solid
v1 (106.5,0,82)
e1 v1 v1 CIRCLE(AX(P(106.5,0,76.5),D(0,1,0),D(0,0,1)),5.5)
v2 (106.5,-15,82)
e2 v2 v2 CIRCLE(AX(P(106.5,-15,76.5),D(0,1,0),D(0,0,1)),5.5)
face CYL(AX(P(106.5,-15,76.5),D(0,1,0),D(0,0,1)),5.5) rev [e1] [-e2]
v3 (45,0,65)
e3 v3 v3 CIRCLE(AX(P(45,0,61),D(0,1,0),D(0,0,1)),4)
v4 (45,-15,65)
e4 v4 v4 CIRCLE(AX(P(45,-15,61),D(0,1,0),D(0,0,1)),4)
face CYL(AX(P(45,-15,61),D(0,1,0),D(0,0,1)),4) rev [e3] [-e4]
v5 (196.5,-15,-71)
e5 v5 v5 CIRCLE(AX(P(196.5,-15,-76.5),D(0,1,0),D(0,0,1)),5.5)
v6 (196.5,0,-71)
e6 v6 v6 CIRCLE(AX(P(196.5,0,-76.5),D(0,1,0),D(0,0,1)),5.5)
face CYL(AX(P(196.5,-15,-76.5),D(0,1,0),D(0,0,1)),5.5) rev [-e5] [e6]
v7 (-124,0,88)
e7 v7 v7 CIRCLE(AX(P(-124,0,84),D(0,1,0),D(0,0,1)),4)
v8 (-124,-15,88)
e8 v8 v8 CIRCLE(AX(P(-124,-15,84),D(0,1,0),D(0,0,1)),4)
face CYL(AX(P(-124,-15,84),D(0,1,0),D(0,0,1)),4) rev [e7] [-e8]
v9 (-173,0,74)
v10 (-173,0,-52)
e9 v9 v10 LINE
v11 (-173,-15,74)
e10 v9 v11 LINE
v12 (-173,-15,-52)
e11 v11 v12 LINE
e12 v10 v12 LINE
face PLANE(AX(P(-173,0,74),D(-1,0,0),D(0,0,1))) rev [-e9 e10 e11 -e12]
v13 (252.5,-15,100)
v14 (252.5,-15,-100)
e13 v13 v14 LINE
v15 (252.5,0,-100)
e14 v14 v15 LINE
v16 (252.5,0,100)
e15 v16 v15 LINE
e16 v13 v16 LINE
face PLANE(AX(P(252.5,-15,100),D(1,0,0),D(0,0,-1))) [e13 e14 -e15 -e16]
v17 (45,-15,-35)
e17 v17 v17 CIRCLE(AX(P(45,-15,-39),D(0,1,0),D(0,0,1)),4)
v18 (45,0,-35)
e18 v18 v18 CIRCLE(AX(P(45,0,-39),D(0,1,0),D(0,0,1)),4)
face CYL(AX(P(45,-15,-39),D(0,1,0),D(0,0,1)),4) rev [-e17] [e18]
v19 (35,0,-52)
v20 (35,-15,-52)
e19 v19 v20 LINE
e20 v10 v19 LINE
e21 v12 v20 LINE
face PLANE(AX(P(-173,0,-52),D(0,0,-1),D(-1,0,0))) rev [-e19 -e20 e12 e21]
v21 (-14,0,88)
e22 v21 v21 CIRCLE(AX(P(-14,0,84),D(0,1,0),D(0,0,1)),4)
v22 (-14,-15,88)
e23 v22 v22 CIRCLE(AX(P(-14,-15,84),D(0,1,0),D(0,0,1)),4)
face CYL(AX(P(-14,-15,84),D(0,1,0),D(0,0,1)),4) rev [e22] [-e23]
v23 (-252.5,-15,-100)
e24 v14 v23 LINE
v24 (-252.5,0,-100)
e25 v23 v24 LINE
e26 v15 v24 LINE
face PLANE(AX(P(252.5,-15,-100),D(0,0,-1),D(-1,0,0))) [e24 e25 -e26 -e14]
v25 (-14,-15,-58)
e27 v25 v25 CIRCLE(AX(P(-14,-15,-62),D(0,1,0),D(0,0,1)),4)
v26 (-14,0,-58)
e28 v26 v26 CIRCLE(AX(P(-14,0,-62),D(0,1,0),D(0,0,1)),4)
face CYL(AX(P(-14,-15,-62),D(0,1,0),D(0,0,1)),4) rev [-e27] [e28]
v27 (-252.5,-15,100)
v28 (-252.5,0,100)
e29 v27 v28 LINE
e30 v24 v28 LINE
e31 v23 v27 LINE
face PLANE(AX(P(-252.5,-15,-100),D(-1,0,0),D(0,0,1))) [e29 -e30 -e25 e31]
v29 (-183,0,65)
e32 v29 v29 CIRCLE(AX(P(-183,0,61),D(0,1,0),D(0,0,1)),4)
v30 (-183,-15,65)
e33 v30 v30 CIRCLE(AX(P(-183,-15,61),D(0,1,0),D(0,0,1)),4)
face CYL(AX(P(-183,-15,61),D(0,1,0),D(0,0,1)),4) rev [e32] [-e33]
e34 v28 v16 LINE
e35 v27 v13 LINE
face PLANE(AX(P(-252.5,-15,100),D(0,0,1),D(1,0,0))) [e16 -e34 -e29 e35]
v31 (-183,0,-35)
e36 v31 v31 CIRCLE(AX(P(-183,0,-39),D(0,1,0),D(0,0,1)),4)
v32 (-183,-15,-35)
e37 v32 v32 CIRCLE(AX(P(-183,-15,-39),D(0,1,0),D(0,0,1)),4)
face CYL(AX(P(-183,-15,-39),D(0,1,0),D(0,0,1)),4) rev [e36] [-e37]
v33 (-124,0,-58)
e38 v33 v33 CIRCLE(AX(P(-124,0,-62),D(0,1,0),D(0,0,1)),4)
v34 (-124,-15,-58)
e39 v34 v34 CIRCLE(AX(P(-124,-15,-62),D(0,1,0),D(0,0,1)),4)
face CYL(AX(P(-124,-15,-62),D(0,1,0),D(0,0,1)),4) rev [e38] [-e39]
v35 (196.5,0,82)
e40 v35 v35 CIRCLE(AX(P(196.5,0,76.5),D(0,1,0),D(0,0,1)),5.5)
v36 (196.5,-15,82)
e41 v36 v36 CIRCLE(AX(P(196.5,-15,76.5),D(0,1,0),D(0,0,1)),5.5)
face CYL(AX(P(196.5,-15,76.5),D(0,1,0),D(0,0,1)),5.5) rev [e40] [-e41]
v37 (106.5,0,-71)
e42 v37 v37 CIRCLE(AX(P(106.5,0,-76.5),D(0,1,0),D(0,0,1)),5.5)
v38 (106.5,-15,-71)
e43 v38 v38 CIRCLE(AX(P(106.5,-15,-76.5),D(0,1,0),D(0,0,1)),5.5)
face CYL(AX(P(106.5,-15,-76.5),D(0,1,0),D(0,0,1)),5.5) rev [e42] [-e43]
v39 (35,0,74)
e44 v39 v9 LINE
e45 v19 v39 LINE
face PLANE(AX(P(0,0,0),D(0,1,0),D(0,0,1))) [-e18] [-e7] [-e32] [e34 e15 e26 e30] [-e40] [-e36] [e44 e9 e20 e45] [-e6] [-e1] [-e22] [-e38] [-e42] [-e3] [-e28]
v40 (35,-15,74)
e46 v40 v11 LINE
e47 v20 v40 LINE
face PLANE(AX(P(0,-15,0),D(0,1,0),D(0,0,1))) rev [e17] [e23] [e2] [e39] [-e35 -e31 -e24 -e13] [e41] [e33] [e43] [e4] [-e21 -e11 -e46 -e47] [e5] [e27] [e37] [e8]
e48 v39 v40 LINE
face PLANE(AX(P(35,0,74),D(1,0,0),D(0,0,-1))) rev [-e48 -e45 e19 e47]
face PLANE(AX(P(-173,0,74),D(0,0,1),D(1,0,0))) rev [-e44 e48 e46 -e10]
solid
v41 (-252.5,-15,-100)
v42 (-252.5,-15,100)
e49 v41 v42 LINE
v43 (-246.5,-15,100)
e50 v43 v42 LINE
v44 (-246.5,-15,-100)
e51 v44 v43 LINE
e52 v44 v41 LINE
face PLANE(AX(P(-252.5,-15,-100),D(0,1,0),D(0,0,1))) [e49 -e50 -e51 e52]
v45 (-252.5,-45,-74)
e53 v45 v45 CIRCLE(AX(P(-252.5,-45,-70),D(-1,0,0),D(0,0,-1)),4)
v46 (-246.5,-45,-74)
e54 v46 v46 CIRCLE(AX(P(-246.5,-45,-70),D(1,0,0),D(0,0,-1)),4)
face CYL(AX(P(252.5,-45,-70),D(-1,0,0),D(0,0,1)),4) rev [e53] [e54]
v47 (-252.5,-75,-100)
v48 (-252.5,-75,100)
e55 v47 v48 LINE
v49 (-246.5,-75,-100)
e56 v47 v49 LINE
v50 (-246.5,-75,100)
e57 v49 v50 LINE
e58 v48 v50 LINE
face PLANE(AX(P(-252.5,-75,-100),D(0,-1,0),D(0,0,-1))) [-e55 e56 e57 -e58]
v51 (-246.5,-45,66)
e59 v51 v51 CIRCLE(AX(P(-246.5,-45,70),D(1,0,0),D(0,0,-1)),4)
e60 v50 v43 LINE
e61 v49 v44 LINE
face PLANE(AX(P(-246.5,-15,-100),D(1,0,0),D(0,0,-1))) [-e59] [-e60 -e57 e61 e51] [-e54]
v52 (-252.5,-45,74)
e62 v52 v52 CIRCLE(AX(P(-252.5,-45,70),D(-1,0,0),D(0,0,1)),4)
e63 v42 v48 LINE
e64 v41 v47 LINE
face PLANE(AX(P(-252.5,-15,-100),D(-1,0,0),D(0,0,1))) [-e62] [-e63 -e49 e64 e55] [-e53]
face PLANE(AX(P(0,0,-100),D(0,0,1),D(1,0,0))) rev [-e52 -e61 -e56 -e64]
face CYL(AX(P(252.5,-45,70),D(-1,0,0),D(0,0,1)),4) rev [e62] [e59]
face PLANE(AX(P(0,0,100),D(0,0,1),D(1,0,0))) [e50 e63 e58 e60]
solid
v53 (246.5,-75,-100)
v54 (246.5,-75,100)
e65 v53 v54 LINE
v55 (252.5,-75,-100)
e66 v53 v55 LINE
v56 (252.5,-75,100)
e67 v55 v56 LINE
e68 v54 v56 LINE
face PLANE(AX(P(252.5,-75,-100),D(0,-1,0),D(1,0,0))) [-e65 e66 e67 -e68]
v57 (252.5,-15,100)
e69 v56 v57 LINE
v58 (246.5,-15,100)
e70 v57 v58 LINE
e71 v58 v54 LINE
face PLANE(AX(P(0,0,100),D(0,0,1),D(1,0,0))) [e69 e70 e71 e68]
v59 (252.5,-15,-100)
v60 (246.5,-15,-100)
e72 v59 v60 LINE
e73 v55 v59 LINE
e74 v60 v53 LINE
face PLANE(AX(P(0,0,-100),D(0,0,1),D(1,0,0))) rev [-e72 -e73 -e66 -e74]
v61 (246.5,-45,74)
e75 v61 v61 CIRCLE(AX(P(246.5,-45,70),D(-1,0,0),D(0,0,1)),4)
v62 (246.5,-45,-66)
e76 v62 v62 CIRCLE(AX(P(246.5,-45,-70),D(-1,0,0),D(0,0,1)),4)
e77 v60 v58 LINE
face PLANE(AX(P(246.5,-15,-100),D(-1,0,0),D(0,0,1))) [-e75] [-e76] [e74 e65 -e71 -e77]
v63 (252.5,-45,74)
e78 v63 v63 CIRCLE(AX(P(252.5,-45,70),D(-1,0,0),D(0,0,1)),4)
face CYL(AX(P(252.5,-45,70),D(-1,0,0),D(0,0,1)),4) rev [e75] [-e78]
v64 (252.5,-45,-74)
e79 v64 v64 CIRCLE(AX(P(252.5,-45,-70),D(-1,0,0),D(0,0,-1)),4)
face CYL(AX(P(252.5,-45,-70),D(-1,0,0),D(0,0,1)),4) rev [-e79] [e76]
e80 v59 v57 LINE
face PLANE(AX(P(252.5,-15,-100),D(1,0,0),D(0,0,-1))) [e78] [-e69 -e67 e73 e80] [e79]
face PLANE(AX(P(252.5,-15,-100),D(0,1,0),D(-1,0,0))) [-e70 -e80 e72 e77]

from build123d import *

# Parameters (mm, degrees)
SKETCH1_W              = 505
SKETCH1_H              = 200
SKETCH1_R              = 5.5
SKETCH1_R_2            = 4
BOSS_EXTRUDE1_DEPTH    = 15
SKETCH2_W              = 208
SKETCH2_H              = 126
SHREDDER_OPENING_DEPTH = 272.994944806
SKETCH4_W              = 6
SKETCH4_H              = 60
BOSS_EXTRUDE2_DEPTH    = 200
BOSS_EXTRUDE2_2_DEPTH  = 200
SKETCH5_R              = 4
CUT_EXTRUDE1_DEPTH     = 521.240329079


with BuildPart() as part:
    # Sketch1 → Boss-Extrude1 (new body)
    with BuildSketch(Plane(origin=(0, 0, 0), x_dir=(1, 0, 0), z_dir=(0, 1, 0))):
        Rectangle(SKETCH1_W, SKETCH1_H)
        with Locations(Location((106.5, -76.5, 0), (0, 0, 270))):
            Circle(SKETCH1_R, mode=Mode.SUBTRACT)
        with Locations(Location((196.5, -76.5, 0), (0, 0, 270))):
            Circle(SKETCH1_R, mode=Mode.SUBTRACT)
        with Locations(Location((196.5, 76.5, 0), (0, 0, 270))):
            Circle(SKETCH1_R, mode=Mode.SUBTRACT)
        with Locations(Location((106.5, 76.5, 0), (0, 0, 270))):
            Circle(SKETCH1_R, mode=Mode.SUBTRACT)
        with Locations(Location((45, -61, 0), (0, 0, 270))):
            Circle(SKETCH1_R_2, mode=Mode.SUBTRACT)
        with Locations(Location((-14, -84, 0), (0, 0, 270))):
            Circle(SKETCH1_R_2, mode=Mode.SUBTRACT)
        with Locations(Location((-124, -84, 0), (0, 0, 270))):
            Circle(SKETCH1_R_2, mode=Mode.SUBTRACT)
        with Locations(Location((-183, -61, 0), (0, 0, 270))):
            Circle(SKETCH1_R_2, mode=Mode.SUBTRACT)
        with Locations(Location((-183, 39, 0), (0, 0, 270))):
            Circle(SKETCH1_R_2, mode=Mode.SUBTRACT)
        with Locations(Location((-124, 62, 0), (0, 0, 270))):
            Circle(SKETCH1_R_2, mode=Mode.SUBTRACT)
        with Locations(Location((45, 39, 0), (0, 0, 270))):
            Circle(SKETCH1_R_2, mode=Mode.SUBTRACT)
        with Locations(Location((-14, 62, 0), (0, 0, 270))):
            Circle(SKETCH1_R_2, mode=Mode.SUBTRACT)
    extrude(amount=-BOSS_EXTRUDE1_DEPTH)

    # Sketch2 → Shredder Opening (cut, through all)
    with BuildSketch(Plane.XZ.offset(15)):
        with Locations((-69, 11)):
            Rectangle(SKETCH2_W, SKETCH2_H)
    extrude(amount=-SHREDDER_OPENING_DEPTH, mode=Mode.SUBTRACT)


with BuildPart() as body_2:
    # Sketch4 → Boss-Extrude2 (new, through all)
    with BuildSketch(Plane.XY.offset(100)):
        with Locations((-249.5, -45)):
            Rectangle(SKETCH4_W, SKETCH4_H)
    extrude(amount=-BOSS_EXTRUDE2_DEPTH)


with BuildPart() as body_3:
    # Sketch4 → Boss-Extrude2 2 (new, through all)
    with BuildSketch(Plane.XY.offset(100)):
        with Locations((249.5, -45)):
            Rectangle(SKETCH4_W, SKETCH4_H)
    extrude(amount=-BOSS_EXTRUDE2_2_DEPTH)


with BuildPart() as cut_extrude1_tool:
    # Sketch5 → Cut-Extrude1 (new, through all)
    with BuildSketch(Plane.ZY.offset(252.5)):
        with Locations((70, -45)):
            Circle(SKETCH5_R)
        with Locations((-70, -45)):
            Circle(SKETCH5_R)
    extrude(amount=-CUT_EXTRUDE1_DEPTH)


with BuildPart() as body_2_1:
    add(body_2.part)

    # Cut-Extrude1: cut by cut_extrude1_tool
    add(cut_extrude1_tool.part, mode=Mode.SUBTRACT)


with BuildPart() as body_3_1:
    add(body_3.part)

    # Cut-Extrude1: cut by cut_extrude1_tool
    add(cut_extrude1_tool.part, mode=Mode.SUBTRACT)


solid = Compound([part.part, body_2_1.part, body_3_1.part])
